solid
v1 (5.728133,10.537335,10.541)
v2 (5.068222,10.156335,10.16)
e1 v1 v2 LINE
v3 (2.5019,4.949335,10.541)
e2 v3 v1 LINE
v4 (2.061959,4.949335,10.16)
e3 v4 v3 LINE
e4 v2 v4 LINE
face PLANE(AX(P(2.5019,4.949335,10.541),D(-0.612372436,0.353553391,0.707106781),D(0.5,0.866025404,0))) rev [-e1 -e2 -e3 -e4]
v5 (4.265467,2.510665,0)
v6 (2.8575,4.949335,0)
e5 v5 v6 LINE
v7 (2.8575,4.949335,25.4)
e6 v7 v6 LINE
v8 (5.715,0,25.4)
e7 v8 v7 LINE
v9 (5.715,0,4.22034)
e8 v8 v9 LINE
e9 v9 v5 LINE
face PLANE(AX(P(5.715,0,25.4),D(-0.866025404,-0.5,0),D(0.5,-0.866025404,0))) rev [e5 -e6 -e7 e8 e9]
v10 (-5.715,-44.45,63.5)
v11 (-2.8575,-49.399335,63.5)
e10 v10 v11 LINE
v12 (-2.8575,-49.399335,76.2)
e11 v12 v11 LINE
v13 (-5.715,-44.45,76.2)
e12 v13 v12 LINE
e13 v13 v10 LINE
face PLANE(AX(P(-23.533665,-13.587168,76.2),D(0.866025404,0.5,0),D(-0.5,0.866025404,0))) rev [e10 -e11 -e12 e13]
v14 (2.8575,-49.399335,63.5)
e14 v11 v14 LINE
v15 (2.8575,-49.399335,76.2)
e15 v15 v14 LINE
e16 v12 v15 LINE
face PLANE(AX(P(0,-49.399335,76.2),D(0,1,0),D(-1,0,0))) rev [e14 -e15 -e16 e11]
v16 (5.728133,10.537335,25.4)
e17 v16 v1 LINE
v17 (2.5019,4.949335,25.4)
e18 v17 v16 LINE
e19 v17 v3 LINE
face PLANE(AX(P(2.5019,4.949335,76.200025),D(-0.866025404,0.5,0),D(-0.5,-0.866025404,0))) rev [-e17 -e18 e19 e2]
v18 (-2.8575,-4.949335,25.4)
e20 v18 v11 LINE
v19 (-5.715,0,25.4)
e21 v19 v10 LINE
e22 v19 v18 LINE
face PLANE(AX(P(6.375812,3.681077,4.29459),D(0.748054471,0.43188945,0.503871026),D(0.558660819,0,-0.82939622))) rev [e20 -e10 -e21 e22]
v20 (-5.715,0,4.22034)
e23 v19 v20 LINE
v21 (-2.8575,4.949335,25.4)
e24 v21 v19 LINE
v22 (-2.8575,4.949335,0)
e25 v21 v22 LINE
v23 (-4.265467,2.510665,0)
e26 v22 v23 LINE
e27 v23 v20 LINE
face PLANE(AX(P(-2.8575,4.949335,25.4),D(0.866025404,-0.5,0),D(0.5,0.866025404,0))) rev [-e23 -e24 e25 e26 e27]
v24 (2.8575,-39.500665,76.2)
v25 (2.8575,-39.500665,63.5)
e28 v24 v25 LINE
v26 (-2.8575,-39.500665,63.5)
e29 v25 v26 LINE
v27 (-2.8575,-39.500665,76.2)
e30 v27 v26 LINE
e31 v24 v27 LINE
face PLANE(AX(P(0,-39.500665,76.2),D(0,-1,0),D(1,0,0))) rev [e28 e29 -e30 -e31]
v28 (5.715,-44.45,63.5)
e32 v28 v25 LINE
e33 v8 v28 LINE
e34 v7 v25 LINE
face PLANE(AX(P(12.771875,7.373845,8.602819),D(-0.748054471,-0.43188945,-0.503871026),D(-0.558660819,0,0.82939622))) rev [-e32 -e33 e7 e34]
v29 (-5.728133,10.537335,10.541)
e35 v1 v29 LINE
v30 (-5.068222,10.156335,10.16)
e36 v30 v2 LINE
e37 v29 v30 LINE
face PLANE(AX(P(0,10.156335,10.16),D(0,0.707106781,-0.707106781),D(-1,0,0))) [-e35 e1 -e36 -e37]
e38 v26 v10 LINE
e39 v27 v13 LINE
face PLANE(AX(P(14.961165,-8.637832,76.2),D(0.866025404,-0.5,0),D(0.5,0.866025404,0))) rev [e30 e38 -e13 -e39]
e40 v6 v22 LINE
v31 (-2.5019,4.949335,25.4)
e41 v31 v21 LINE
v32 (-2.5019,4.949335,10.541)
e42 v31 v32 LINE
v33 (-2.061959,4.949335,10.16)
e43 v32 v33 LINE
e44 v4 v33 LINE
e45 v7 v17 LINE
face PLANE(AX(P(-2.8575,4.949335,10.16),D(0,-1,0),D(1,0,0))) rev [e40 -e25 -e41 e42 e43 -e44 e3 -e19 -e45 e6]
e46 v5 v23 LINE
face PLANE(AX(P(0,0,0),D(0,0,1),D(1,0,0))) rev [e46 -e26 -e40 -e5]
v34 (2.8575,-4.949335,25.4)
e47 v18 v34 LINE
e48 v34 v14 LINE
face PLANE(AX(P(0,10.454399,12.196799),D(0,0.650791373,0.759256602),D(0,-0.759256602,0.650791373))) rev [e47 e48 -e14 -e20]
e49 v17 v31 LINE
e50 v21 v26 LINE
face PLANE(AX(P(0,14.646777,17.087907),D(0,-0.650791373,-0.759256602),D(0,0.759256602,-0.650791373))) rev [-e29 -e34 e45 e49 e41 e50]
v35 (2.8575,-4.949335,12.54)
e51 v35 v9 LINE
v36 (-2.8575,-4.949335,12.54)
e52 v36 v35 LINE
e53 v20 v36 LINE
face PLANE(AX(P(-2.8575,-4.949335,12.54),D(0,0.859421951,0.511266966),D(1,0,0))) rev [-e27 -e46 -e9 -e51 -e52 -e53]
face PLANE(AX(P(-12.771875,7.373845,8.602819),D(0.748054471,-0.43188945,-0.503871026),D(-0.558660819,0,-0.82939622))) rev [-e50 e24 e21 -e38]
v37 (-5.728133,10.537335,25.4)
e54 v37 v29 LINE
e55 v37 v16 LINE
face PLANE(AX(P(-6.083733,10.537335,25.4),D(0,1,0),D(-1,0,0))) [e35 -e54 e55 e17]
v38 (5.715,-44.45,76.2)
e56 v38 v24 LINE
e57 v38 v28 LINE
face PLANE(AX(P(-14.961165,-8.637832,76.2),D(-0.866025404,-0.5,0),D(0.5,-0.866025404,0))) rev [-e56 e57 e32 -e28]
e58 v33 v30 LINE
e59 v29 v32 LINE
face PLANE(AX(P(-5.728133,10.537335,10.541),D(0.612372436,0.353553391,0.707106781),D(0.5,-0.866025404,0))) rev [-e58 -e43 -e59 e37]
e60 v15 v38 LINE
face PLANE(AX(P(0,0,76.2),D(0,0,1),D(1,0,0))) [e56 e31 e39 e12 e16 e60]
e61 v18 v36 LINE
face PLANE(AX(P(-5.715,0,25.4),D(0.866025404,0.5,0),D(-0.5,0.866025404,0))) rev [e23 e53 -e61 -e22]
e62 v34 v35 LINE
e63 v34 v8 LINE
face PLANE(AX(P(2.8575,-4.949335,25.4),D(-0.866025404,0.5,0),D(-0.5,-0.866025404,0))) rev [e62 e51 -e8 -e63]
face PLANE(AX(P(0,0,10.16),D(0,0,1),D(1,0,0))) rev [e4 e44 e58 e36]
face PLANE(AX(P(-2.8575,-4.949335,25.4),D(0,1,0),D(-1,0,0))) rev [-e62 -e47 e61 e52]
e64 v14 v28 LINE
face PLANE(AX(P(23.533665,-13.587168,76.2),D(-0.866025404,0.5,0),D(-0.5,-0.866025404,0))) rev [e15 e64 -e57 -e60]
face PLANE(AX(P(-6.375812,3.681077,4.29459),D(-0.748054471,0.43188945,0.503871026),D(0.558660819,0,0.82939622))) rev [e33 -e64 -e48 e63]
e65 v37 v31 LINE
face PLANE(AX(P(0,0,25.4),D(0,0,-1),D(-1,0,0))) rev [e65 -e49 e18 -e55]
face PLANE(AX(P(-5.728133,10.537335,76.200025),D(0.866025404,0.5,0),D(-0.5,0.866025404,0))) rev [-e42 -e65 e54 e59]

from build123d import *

# Parameters (mm, degrees)
BOSS_EXTRUDE1_DEPTH = 25.4
BOSS_EXTRUDE2_DEPTH = 12.7
BOSS_EXTRUDE3_DEPTH = 25.4
CHAMFER1_SIZE       = 7.46
CHAMFER1_SIZE2      = 12.54
CUT_EXTRUDE1_DEPTH  = 10.16
CUT_EXTRUDE3_DEPTH  = 83.695754046
CHAMFER7_SIZE       = 0.381


with BuildPart() as part:
    # Sketch1 → Boss-Extrude1 (new body)
    with BuildSketch(Plane.XY):
        Polygon((5.715, 0), (2.8575, 4.949335183), (-2.8575, 4.949335183), (-5.715, 0), (-2.8575, -4.949335183), (2.8575, -4.949335183), align=None)
    extrude(amount=BOSS_EXTRUDE1_DEPTH)



with BuildPart() as body_2:
    # Sketch2 → Boss-Extrude2 (new body)
    with BuildSketch(Plane.XY.offset(63.5)):
        Polygon((-2.8575, -49.399335183), (2.8575, -49.399335183), (5.715, -44.45), (2.8575, -39.500664817), (-2.8575, -39.500664817), (-5.715, -44.45), align=None)
    extrude(amount=BOSS_EXTRUDE2_DEPTH)


with BuildPart() as part_1:
    add(part.part)

    add(body_2.part)  # loft1 joins it to this body
    # loft from a face of the part (loft1)
    loft([part_1.faces().sort_by_distance((0, 0, 25.4))[0], part_1.faces().sort_by_distance((0, -44.45, 63.5))[0]])

    # Sketch4 → Boss-Extrude3 (add)
    with BuildSketch(Plane(origin=(0, 0, 0), x_dir=(-1, 0, 0), z_dir=(0, 0, -1))):
        Polygon((2.8575, 4.949335183), (6.083733304, 10.537335183), (-6.083733304, 10.537335183), (-2.8575, 4.949335183), align=None)
    extrude(amount=-BOSS_EXTRUDE3_DEPTH)

    # Chamfer1
    chamfer1_edges = [part_1.edges().sort_by_distance(p)[0] for p in [
        (0, -4.949335183, 0),
    ]]
    chamfer1_side = [part_1.faces().sort_by_distance(p)[0] for p in [
        (0, 2.994180076, 0),
    ]]
    chamfer(chamfer1_edges, length=CHAMFER1_SIZE, length2=CHAMFER1_SIZE2, reference=chamfer1_side[0])

    # Sketch8 → Cut-Extrude1 (cut)
    with BuildSketch(Plane(origin=(0, 0, 0), x_dir=(-1, 0, 0), z_dir=(0, 0, -1))):
        Polygon((-6.083733304, 10.537335183), (6.083733304, 10.537335183), (2.8575, 4.949335183), (-2.8575, 4.949335183), align=None)
    extrude(amount=-CUT_EXTRUDE1_DEPTH, mode=Mode.SUBTRACT)

    # Sketch9 → Cut-Extrude3 (cut, through all)
    with BuildSketch(Plane(origin=(0, 0, 10.16), x_dir=(-1, 0, 0), z_dir=(0, 0, -1))):
        Polygon((5.728133304, 10.537335183), (2.5019, 4.949335183), (2.8575, 4.949335183), (6.083733304, 10.537335183), align=None)
        Polygon((-2.5019, 4.949335183), (-5.728133304, 10.537335183), (-6.083733304, 10.537335183), (-2.8575, 4.949335183), align=None)
    extrude(amount=-CUT_EXTRUDE3_DEPTH, mode=Mode.SUBTRACT)

    # Chamfer7
    chamfer7_edges = [part_1.edges().sort_by_distance(p)[0] for p in [
        (4.115016652, 7.743335183, 10.16),
        (-4.115016652, 7.743335183, 10.16),
        (0, 10.537335183, 10.16),
    ]]
    chamfer(chamfer7_edges, length=CHAMFER7_SIZE)


solid = part_1.part
